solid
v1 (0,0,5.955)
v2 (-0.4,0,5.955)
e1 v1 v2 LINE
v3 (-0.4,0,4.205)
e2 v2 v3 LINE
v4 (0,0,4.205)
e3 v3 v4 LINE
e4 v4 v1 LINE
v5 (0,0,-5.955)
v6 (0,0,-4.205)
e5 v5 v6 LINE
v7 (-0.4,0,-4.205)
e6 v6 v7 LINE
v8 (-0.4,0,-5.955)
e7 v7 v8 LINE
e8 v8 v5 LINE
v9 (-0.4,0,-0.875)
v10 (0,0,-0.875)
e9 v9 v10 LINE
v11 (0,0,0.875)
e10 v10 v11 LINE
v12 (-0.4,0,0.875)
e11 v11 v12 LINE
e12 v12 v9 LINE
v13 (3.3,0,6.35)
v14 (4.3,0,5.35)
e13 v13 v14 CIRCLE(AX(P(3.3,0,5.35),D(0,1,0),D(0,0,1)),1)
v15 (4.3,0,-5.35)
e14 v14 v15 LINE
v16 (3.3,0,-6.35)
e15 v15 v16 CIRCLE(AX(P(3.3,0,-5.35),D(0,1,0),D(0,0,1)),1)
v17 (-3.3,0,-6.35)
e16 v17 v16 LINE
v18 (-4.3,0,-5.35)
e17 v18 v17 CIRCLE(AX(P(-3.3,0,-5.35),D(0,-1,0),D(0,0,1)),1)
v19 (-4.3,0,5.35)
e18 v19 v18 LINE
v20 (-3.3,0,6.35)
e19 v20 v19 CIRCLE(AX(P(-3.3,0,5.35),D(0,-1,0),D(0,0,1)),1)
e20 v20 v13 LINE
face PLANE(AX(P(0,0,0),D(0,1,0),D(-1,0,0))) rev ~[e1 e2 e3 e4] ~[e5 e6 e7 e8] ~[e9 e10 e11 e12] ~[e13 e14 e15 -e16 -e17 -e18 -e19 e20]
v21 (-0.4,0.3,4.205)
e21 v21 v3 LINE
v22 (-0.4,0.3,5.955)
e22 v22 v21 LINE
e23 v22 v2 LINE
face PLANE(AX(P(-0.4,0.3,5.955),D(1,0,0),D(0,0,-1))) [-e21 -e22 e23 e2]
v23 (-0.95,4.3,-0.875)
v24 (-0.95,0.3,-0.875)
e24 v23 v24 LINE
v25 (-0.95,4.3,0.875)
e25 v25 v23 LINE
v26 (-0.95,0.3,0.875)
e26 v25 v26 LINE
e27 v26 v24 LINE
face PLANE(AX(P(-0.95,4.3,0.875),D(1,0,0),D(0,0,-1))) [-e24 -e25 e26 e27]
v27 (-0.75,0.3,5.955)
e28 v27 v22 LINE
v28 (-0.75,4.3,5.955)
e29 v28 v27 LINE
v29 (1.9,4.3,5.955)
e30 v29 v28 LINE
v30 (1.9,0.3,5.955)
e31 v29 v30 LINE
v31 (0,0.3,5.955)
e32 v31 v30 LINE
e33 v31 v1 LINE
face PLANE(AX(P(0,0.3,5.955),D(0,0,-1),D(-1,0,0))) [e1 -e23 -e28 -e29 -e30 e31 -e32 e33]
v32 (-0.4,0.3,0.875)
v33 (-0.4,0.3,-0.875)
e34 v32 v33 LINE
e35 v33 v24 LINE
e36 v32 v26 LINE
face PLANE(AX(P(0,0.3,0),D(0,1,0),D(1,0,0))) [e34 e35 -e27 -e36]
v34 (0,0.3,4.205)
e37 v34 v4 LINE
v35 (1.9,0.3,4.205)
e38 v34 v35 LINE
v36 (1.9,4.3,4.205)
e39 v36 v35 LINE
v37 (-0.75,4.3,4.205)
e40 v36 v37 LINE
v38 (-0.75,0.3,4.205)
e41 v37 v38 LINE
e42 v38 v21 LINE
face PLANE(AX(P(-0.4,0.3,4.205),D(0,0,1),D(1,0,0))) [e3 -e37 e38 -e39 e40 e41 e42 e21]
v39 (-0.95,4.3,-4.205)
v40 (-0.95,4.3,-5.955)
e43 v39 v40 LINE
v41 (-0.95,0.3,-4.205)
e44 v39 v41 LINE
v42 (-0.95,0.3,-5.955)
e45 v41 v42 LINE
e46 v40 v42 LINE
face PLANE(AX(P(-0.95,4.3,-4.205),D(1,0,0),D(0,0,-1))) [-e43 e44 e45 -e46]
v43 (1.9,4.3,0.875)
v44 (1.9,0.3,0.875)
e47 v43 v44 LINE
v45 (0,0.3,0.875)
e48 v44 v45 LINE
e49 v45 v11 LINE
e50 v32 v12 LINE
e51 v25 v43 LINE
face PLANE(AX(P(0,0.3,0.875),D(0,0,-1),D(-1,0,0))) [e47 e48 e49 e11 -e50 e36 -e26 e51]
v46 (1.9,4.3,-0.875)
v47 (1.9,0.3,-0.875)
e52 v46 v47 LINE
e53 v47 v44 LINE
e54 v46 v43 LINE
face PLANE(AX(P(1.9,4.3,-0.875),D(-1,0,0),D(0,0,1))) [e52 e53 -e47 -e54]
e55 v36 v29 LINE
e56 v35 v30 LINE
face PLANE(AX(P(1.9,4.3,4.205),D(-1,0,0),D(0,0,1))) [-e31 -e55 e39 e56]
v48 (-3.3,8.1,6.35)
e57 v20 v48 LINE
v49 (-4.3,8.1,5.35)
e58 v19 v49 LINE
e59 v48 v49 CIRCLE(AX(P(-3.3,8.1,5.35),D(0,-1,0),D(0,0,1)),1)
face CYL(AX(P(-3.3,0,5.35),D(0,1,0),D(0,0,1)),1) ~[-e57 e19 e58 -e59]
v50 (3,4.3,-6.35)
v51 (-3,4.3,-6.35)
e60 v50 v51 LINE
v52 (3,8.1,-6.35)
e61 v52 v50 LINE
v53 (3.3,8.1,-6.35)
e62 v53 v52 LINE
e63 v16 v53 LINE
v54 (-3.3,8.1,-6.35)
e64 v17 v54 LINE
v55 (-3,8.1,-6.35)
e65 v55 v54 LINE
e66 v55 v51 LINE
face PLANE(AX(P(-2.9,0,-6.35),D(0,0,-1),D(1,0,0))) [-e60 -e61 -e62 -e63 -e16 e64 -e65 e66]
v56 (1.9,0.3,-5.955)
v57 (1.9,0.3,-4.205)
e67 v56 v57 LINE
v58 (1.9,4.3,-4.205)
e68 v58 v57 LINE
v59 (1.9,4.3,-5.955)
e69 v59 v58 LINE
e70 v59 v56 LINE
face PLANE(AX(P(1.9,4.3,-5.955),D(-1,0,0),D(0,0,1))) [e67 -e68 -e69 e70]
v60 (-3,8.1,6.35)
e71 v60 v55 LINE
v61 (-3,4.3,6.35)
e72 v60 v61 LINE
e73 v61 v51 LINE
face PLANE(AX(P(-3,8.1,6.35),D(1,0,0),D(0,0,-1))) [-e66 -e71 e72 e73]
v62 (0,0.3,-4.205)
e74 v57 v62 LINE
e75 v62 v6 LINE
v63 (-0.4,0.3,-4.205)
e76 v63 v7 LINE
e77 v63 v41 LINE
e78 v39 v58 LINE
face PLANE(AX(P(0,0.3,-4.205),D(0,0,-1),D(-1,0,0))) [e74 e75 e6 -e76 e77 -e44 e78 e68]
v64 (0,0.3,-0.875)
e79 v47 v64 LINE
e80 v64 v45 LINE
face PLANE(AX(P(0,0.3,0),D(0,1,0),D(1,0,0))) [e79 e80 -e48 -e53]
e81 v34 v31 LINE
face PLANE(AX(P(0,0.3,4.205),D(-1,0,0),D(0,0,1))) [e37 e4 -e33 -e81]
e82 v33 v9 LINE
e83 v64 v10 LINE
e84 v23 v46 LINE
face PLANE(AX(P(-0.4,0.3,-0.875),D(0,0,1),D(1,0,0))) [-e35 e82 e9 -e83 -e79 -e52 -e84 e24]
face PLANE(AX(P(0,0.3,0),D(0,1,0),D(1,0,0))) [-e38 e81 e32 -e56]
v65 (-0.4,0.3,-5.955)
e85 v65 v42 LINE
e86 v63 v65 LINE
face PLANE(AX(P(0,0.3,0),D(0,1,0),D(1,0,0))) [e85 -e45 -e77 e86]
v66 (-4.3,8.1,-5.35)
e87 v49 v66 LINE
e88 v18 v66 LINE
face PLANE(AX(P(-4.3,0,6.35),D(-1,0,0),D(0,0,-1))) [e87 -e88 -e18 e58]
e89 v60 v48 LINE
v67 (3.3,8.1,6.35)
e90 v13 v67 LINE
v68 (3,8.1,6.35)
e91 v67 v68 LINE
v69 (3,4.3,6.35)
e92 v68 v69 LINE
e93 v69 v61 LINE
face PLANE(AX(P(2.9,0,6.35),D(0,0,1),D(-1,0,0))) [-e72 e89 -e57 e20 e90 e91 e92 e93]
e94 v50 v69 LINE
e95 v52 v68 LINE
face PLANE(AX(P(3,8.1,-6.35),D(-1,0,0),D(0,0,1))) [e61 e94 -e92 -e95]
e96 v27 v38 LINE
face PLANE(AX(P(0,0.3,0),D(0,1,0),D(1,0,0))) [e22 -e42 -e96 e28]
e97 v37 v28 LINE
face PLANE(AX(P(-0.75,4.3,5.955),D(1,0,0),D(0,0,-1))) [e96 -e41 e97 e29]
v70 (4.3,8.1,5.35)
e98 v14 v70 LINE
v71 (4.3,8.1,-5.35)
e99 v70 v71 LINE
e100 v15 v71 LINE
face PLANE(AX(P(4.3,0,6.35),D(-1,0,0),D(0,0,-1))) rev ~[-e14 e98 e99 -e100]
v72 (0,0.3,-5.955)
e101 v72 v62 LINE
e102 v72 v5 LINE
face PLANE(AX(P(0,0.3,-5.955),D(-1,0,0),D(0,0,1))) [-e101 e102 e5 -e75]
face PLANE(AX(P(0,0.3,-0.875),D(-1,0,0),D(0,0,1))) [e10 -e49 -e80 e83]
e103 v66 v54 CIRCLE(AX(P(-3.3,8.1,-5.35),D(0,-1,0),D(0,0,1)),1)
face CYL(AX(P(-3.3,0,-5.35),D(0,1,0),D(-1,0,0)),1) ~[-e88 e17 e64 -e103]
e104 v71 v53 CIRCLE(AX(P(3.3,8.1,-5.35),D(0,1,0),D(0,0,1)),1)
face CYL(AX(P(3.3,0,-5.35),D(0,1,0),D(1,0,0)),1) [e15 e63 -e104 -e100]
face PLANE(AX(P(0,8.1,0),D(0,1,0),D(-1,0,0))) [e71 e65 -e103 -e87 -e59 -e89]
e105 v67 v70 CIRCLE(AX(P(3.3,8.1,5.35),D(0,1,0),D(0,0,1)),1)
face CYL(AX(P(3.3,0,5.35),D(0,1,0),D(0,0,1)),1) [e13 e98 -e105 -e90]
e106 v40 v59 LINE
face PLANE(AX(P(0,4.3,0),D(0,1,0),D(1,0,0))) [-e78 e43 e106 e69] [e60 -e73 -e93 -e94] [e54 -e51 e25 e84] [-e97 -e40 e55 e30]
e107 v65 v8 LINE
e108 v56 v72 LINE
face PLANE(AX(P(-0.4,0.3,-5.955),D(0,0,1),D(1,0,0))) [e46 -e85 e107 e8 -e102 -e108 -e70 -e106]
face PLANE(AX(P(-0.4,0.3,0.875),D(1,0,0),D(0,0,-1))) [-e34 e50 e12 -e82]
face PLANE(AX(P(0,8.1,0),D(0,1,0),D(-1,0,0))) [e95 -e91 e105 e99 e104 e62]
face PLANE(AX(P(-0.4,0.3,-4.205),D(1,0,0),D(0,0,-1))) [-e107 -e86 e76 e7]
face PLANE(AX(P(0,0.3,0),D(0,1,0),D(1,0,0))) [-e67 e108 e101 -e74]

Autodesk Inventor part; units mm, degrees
ref_plane "YZ Plane" through (0, 0, 0) normal (1, 0, 0) x (0, 1, 0)
ref_plane "XZ Plane" through (0, 0, 0) normal (0, 1, 0) x (-1, 0, 0)
ref_plane "XY Plane" through (0, 0, 0) normal (0, 0, 1) x (1, 0, 0)
sketch "Эскиз1" plane through (0, 0, 0) normal (0, 1, 0) x (-1, 0, 0)
  line L0 (-2.9, 6.425) -> (2.9, 6.425)
  line L1 (2.9, 6.425) -> (2.9, -6.425)
  line L2 (2.9, -6.425) -> (-2.9, -6.425)
  line L3 (-2.9, -6.425) -> (-2.9, 6.425)
  line L4 (-2.9, 6.425) -> (2.9, -6.425) construction
  line L5 (2.9, 6.425) -> (-2.9, -6.425) construction
  line L6 (-3, 6.35) -> (3, 6.35)
  line L7 (3, 6.35) -> (3, -6.35)
  line L8 (3, -6.35) -> (-3, -6.35)
  line L9 (-3, -6.35) -> (-3, 6.35)
  line L10 (-3, 6.35) -> (3, -6.35) construction
  line L11 (3, 6.35) -> (-3, -6.35) construction
  line L12 (3, 6.35) -> (4.3, 6.35)
  line L13 (4.3, 6.35) -> (4.3, -6.35)
  line L14 (4.3, -6.35) -> (3, -6.35)
  line L15 (3, -6.35) -> (3, 6.35)
  line L16 (-3, 6.35) -> (-4.3, 6.35)
  line L17 (-4.3, 6.35) -> (-4.3, -6.35)
  line L18 (-4.3, -6.35) -> (-3, -6.35)
  line L19 (-3, -6.35) -> (-3, 6.35)
  point P0 (0, 0)
  dimension "d0" = 5.8
  dimension "d1" = 12.85
  dimension "d2" = 6
  dimension "d3" = 12.7
  dimension "d4" = 1.3
  dimension "d5" = 1.3
extrude "Выдавливание1" add sketch "Эскиз1" along normal blind 8.1 contours L6 L1 L8 L3 | L3 L8 L9 L6 | L6 L7 L8 L1 | L9 L18 L17 L16 | L12 L13 L14 L7
sketch "Эскиз2" plane through (0, 8.1, 0) normal (0, 1, 0) x (1, 0, 0)
  line L0 (4.3, 6.35) -> (-4.3, 6.35) projected
  line L1 (3, -6.35) -> (-3, -6.35)
  line L2 (-3, -6.35) -> (-3, 6.35)
  line L3 (-3, 6.35) -> (3, 6.35)
  line L4 (3, 6.35) -> (3, -6.35)
  line L5 (3, -6.35) -> (-3, 6.35) construction
  line L6 (-3, -6.35) -> (3, 6.35) construction
  point P0 (0, 0)
  dimension "d8" = 6
extrude "Выдавливание2" cut sketch "Эскиз2" against normal blind 3.8
sketch "Эскиз3" plane through (0, 4.3, 0) normal (0, 1, 0) x (1, 0, 0)
  line L0 (3, 6.35) -> (3, -6.35) projected
  line L1 (-3, 6.35) -> (3, 6.35) projected
  line L2 (-3, -6.35) -> (-3, 6.35) projected
  line L3 (3, -6.35) -> (-3, -6.35) projected
  line L4 (3, -6.35) -> (1.7, -6.35)
  line L5 (-4.3, -6.35) -> (4.3, -6.35) projected
  line L6 (-3, -6.35) -> (-0.75, -6.35)
  line L7 (-0.75, -6.35) -> (-0.75, 6.35)
  line L8 (1.7, -6.35) -> (1.7, 6.35)
  line L9 (-3, 6.35) -> (3, 6.35) projected
  line L10 (-0.75, -6.35) -> (1.7, -6.35)
  line L11 (0.475, -6.35) -> (0.475, 6.35)
  line L12 (0.475, -5.08) -> (0.475, 0)
  line L13 (0.475, 0) -> (0.475, 5.08)
  line L14 (1.7, 0) -> (-0.75, 0)
  line L15 (-0.75, -0.675) -> (1.7, -0.675)
  line L16 (1.7, -0.675) -> (1.7, 0.675)
  line L17 (1.7, 0.675) -> (-0.75, 0.675)
  line L18 (-0.75, 0.675) -> (-0.75, -0.675)
  line L19 (-0.75, -0.675) -> (1.7, 0.675) construction
  line L20 (1.7, -0.675) -> (-0.75, 0.675) construction
  line L21 (-0.75, 4.405) -> (1.7, 4.405)
  line L22 (1.7, 4.405) -> (1.7, 5.755)
  line L23 (1.7, 5.755) -> (-0.75, 5.755)
  line L24 (-0.75, 5.755) -> (-0.75, 4.405)
  line L25 (-0.75, 4.405) -> (1.7, 5.755) construction
  line L26 (1.7, 4.405) -> (-0.75, 5.755) construction
  line L27 (-0.75, -5.755) -> (1.7, -5.755)
  line L28 (1.7, -5.755) -> (1.7, -4.405)
  line L29 (1.7, -4.405) -> (-0.75, -4.405)
  line L30 (-0.75, -4.405) -> (-0.75, -5.755)
  line L31 (-0.75, -5.755) -> (1.7, -4.405) construction
  line L32 (1.7, -5.755) -> (-0.75, -4.405) construction
  line L33 (-0.95, 0.875) -> (1.9, 0.875)
  line L34 (1.9, 0.875) -> (1.9, -0.875)
  line L35 (1.9, -0.875) -> (-0.95, -0.875)
  line L36 (-0.95, -0.875) -> (-0.95, 0.875)
  line L37 (1.9, 4.205) -> (-0.95, 4.205)
  line L38 (-0.95, 4.205) -> (-0.95, 5.955)
  line L39 (-0.95, 5.955) -> (1.9, 5.955)
  line L40 (1.9, 5.955) -> (1.9, 4.205)
  line L41 (-0.95, -4.205) -> (1.9, -4.205)
  line L42 (1.9, -4.205) -> (1.9, -5.955)
  line L43 (1.9, -5.955) -> (-0.95, -5.955)
  line L44 (-0.95, -5.955) -> (-0.95, -4.205)
  line L45 (-0.95, 5.955) -> (1.9, 5.955)
  line L46 (1.9, 5.955) -> (1.9, 4.205)
  line L47 (1.9, 4.205) -> (-0.95, 4.205)
  line L48 (-0.95, 4.205) -> (-0.95, 5.955)
  point P0 (0, 0)
  point P1 (-0.75, -4.205)
  point P2 (-0.75, -5.955)
  point P3 (-0.75, 4.205)
  point P4 (-0.75, 5.955)
  point P5 (-0.75, 5.955)
  dimension "d11" = 1.3
  dimension "d12" = 2.25
  dimension "d13" = 5.08
  dimension "d14" = 5.08
  dimension "d15" = 1.35
  dimension "d16" = 1.35
  dimension "d17" = 1.35
  dimension "d18" = 0.2
  dimension "d19" = 0.2
  dimension "d20" = 0.2
extrude "Выдавливание3" cut sketch "Эскиз3" against normal blind 4 contours L39 L40 L37 L8 | L8 L23 L11 L39 | L43 L11 L27 L8 | L8 L41 L42 L43 | L11 L23 L7 L39 | L8 L21 L11 L23 | L43 L7 L27 L11 | L27 L11 L29 L8 | L7 L37 L38 L39 | L11 L21 L7 L23 | L8 L37 L11 L21 | L27 L7 L29 L11 | L29 L11 L41 L8 | L11 L37 L7 L21 | L29 L7 L41 L11 | L33 L34 L35 L8 | L8 L17 L11 L33 | L35 L11 L15 L8 | L8 L14 L11 L17 | L11 L17 L7 L33 | L15 L11 L14 L8 | L35 L7 L15 L11 | L7 L35 L36 L33 | L11 L14 L7 L17 | L15 L7 L14 L11
sketch "Эскиз4" plane through (0, 0.3, 0) normal (0, 1, 0) x (1, 0, 0)
  line L0 (1.9, -5.955) -> (-0.75, -5.955) projected
  line L1 (-0.75, -5.955) -> (-0.75, -4.205) projected
  line L2 (-0.75, -4.205) -> (1.9, -4.205) projected
  line L3 (1.9, -4.205) -> (1.9, -5.955) projected
  line L4 (1.9, 5.955) -> (1.9, 4.205) projected
  line L5 (1.9, 4.205) -> (-0.95, 4.205) projected
  line L6 (-0.95, 4.205) -> (-0.95, 5.955) projected
  line L7 (-0.95, 5.955) -> (1.9, 5.955) projected
  line L8 (1.9, -0.875) -> (-0.95, -0.875) projected
  line L9 (-0.95, -0.875) -> (-0.95, 0.875) projected
  line L10 (-0.95, 0.875) -> (1.9, 0.875) projected
  line L11 (1.9, 0.875) -> (1.9, -0.875) projected
  line L12 (3, 6.35) -> (3, -6.35) projected
  line L13 (-3, 6.35) -> (3, 6.35) projected
  line L14 (-3, -6.35) -> (-3, 6.35) projected
  line L15 (3, -6.35) -> (-3, -6.35) projected
  line L16 (0, -0.875) -> (-0.4, -0.875)
  line L17 (-0.4, -0.875) -> (-0.4, 0.875)
  line L18 (-0.4, 0.875) -> (0, 0.875)
  line L19 (0, 0.875) -> (0, -0.875)
  line L20 (1.9, 4.205) -> (-0.95, 4.205) projected
  line L21 (0, 4.205) -> (-0.4, 4.205)
  line L22 (-0.4, 4.205) -> (-0.4, 5.955)
  line L23 (-0.4, 5.955) -> (0, 5.955)
  line L24 (0, 5.955) -> (0, 4.205)
  line L25 (1.9, -5.955) -> (-0.75, -5.955) projected
  line L26 (-0.75, -4.205) -> (1.9, -4.205) projected
  line L27 (0, -5.955) -> (-0.4, -5.955)
  line L28 (-0.4, -5.955) -> (-0.4, -4.205)
  line L29 (-0.4, -4.205) -> (0, -4.205)
  line L30 (0, -4.205) -> (0, -5.955)
  line L31 (3, -6.35) -> (-3, -6.35) projected
  line L32 (0, -6.35) -> (0, 6.35)
  line L33 (4.3, 6.35) -> (-4.3, 6.35) projected
  point P0 (0, 0)
  dimension "d23" = 0.4
extrude "Выдавливание4" cut sketch "Эскиз4" against normal blind 4 contours L0 L28 L2 L30 | L8 L17 L10 L19 | L5 L22 L7 L24
fillet "Сопряжение1" radius 1 4 edges at (4.3, 4.05, 6.35) (-4.3, 4.05, 6.35) (-4.3, 4.05, -6.35) (4.3, 4.05, -6.35)
properties part number "push-fit"
